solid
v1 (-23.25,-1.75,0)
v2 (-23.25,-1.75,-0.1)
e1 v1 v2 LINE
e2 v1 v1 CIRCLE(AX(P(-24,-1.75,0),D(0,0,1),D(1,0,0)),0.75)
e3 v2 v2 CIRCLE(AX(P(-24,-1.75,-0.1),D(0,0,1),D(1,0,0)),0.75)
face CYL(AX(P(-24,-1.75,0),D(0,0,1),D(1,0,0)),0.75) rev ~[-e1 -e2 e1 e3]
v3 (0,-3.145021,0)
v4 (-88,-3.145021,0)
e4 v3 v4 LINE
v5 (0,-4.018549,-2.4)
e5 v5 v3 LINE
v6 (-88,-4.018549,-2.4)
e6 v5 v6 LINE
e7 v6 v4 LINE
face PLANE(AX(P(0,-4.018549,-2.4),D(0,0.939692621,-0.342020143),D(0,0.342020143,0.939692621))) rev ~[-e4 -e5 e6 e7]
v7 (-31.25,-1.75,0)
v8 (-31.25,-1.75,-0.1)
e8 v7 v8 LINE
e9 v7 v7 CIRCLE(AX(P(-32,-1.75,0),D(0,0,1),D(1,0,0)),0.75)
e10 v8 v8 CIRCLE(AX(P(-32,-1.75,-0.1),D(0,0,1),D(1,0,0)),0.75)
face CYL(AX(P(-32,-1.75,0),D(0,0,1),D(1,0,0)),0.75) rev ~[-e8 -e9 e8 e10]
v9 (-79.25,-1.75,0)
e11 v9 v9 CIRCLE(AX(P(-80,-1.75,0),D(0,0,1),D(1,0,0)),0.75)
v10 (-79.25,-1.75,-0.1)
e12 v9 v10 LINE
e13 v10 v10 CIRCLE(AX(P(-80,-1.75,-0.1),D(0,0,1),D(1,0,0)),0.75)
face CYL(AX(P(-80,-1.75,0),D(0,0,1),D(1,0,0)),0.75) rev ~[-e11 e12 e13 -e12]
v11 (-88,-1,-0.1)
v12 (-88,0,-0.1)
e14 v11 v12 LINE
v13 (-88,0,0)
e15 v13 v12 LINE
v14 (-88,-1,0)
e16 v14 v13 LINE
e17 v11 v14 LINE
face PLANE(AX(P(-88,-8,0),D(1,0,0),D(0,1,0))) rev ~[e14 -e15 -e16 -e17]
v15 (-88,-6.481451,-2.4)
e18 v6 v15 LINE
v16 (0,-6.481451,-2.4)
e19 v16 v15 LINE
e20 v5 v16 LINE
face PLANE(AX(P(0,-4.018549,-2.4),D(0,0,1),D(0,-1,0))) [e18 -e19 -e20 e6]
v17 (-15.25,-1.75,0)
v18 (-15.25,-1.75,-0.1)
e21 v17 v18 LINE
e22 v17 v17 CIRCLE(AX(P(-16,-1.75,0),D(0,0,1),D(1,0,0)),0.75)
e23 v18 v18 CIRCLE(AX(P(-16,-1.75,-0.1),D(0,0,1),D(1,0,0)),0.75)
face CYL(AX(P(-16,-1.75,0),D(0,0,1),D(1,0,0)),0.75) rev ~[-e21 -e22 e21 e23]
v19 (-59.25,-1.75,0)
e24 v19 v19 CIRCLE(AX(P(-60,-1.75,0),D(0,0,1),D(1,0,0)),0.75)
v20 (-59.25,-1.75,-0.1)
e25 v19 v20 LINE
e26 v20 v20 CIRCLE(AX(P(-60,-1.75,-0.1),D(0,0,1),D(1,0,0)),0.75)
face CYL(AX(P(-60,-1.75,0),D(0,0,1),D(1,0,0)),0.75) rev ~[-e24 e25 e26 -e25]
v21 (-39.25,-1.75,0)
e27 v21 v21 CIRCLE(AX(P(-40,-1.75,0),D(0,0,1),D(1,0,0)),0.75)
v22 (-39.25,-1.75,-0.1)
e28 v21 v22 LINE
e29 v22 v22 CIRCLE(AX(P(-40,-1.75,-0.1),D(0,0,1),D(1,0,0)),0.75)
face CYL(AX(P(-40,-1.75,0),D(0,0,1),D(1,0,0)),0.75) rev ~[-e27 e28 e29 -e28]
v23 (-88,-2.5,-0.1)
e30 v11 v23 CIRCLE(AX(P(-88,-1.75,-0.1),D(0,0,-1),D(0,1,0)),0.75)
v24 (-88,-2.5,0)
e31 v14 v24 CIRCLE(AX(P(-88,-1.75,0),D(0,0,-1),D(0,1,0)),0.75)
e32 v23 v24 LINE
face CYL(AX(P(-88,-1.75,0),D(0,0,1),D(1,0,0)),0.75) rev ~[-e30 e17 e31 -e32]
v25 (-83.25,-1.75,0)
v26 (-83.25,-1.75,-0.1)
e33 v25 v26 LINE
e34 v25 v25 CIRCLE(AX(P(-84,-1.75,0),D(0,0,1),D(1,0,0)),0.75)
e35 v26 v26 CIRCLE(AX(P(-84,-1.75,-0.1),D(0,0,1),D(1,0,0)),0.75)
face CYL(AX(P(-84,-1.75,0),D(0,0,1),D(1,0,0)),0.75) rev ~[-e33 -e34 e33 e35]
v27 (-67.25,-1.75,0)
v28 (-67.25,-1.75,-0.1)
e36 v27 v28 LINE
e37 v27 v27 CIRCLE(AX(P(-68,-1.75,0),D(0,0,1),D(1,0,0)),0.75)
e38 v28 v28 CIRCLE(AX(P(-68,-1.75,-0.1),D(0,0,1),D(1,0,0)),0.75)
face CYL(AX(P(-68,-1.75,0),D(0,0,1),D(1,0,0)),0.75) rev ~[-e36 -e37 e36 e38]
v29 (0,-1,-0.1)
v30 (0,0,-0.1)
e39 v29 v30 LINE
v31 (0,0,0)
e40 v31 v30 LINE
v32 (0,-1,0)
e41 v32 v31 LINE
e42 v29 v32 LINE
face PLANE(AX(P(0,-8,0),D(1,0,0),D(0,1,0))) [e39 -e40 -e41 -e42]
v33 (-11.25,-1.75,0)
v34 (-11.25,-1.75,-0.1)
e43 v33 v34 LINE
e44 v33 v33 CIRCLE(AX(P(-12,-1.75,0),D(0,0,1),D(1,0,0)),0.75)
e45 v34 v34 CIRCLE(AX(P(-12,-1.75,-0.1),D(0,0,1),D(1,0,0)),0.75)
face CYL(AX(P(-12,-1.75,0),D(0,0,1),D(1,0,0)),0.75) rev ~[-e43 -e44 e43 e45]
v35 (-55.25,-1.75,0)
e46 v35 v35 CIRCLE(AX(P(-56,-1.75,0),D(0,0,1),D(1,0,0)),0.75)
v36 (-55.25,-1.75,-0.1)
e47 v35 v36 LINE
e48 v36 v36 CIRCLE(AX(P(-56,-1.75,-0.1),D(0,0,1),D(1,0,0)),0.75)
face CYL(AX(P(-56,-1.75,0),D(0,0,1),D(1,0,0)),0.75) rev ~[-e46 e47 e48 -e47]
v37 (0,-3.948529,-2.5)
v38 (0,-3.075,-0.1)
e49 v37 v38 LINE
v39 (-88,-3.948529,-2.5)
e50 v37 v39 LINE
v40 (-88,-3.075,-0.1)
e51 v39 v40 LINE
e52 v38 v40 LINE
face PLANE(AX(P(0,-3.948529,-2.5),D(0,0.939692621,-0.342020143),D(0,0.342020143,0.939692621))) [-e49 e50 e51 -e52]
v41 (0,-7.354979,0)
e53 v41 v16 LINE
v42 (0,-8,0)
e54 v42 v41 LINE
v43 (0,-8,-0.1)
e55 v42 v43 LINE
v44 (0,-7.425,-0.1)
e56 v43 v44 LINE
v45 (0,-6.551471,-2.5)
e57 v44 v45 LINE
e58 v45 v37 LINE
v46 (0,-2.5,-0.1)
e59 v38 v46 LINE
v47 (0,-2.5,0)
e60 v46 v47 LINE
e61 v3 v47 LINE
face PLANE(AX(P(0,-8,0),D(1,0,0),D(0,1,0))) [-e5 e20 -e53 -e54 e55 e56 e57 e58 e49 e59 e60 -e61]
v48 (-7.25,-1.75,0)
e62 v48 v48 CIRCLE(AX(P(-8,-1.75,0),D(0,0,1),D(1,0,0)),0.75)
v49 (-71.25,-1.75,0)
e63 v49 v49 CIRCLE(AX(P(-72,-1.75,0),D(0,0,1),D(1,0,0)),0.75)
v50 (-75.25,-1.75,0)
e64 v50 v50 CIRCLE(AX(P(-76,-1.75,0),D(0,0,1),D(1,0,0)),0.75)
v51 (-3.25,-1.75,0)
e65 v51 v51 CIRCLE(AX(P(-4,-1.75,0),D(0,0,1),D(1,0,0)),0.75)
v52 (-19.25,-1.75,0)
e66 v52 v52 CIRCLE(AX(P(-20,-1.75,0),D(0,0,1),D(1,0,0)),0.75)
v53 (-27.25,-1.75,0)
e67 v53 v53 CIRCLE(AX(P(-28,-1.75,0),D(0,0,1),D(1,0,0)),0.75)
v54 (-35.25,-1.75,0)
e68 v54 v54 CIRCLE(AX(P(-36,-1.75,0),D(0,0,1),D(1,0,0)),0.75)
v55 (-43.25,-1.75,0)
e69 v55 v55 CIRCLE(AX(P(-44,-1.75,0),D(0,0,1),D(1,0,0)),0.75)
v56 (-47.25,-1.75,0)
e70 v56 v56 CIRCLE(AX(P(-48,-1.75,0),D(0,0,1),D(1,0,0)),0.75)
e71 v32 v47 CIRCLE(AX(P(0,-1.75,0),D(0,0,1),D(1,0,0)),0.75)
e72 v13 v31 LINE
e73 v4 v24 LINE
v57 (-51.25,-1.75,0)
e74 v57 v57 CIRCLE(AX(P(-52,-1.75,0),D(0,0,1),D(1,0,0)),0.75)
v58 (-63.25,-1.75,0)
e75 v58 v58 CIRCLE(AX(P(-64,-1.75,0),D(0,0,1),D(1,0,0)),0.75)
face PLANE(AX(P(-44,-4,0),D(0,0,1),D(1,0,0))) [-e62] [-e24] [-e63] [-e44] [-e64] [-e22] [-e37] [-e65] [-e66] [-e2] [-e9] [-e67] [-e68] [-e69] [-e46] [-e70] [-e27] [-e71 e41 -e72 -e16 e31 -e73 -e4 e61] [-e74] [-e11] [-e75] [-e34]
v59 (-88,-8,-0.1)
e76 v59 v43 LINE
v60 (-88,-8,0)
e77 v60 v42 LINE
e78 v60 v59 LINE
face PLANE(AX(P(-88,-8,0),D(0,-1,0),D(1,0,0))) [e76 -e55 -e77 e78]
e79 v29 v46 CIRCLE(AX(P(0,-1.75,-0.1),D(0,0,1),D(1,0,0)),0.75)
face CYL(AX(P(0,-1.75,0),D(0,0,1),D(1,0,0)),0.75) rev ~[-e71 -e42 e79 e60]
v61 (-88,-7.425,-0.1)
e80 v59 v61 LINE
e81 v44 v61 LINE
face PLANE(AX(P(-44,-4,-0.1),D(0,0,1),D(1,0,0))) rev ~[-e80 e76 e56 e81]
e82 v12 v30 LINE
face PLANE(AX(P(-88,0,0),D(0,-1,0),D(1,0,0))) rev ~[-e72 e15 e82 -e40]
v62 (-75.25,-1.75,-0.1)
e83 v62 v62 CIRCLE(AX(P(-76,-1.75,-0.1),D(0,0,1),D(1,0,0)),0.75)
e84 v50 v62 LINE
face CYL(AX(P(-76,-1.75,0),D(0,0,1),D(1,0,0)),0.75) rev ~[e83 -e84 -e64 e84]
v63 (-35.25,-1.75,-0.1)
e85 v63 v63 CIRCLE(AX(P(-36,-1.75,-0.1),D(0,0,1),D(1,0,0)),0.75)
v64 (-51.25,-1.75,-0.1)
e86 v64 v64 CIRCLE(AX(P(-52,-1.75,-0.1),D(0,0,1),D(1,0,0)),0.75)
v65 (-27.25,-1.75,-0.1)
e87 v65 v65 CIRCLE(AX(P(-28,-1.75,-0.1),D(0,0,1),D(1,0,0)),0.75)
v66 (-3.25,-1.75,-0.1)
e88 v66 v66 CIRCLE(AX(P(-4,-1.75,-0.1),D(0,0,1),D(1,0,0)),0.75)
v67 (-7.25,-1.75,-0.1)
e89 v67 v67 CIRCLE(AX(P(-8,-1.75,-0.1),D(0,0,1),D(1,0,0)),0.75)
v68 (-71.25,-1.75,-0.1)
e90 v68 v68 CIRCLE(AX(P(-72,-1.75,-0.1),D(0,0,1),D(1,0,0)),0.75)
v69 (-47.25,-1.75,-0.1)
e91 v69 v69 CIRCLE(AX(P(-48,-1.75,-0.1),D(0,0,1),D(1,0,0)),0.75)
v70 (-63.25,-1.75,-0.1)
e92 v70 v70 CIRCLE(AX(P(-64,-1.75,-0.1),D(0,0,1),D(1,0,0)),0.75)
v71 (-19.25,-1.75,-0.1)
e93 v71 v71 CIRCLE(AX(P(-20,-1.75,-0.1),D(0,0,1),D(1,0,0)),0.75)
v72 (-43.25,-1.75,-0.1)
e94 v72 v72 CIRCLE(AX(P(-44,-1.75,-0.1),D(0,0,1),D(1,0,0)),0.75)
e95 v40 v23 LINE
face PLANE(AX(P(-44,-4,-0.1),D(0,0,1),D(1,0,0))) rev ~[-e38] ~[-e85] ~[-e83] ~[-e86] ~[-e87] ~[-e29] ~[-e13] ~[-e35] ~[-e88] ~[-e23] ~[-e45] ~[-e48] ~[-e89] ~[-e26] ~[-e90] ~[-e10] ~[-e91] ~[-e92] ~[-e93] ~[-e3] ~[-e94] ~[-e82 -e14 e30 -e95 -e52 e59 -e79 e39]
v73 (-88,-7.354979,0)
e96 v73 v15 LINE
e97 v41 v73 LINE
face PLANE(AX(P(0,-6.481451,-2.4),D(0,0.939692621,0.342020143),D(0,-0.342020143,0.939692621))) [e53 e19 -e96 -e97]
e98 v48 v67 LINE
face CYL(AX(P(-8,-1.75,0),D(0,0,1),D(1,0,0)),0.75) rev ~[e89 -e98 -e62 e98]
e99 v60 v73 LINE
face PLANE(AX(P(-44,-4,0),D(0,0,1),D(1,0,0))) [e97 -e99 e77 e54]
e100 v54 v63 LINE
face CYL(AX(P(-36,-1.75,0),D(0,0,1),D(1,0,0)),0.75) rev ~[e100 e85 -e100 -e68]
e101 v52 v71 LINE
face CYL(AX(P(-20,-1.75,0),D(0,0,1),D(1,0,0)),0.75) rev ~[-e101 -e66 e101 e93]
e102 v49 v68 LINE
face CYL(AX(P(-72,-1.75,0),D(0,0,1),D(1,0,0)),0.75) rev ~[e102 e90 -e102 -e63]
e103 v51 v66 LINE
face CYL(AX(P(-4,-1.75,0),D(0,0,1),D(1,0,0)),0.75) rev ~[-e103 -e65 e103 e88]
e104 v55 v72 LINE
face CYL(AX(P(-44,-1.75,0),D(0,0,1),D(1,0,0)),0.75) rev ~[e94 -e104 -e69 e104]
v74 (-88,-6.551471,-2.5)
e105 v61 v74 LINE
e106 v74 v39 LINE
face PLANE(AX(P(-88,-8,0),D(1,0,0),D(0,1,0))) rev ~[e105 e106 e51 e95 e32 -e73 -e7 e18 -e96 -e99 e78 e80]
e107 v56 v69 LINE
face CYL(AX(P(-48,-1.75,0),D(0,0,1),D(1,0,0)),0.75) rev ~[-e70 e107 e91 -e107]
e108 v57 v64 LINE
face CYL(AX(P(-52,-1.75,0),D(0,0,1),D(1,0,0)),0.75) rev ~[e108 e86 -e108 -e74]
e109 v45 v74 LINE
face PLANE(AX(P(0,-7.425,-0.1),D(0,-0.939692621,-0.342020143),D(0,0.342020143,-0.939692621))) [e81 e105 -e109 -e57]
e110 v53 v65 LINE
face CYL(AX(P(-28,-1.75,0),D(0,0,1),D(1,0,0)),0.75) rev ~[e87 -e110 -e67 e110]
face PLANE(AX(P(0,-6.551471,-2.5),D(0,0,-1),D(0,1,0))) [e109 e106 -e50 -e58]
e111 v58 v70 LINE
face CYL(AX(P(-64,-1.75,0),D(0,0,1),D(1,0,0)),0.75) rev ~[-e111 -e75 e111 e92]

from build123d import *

# Parameters (mm, degrees)
TOP_SKETCH_W             = 88
TOP_SKETCH_H             = 8
THICKNESS_EXTRUDE_DEPTH  = 0.1
PIN_HOLE_SKETCH_R        = 0.75
FIRST_PIN_HOLE_CUT_DEPTH = 89.362944722
PIN_HOLE_PATTERN_COUNT   = 23
PIN_HOLE_PATTERN_PITCH   = 4
POCKET_CUT_OUT_DEPTH     = 89.362944722
POCKET_DEPTH             = 88


with BuildPart() as part:
    # Top Sketch → Thickness Extrude (new body)
    with BuildSketch(Plane.XY):
        with Locations((-44, -4)):
            Rectangle(TOP_SKETCH_W, TOP_SKETCH_H)
    extrude(amount=-THICKNESS_EXTRUDE_DEPTH)

    # Pin Hole Sketch → First Pin Hole Cut (cut, through all)
    with BuildSketch(Plane.XY):
        with Locations((0, -1.75)):
            Circle(PIN_HOLE_SKETCH_R)
    first_pin_hole_cut = extrude(amount=-FIRST_PIN_HOLE_CUT_DEPTH, mode=Mode.SUBTRACT)

    # Pin Hole Pattern: First Pin Hole Cut ×23
    with Locations(*[(-i * PIN_HOLE_PATTERN_PITCH, 0, 0) for i in range(1, PIN_HOLE_PATTERN_COUNT)]):
        add(first_pin_hole_cut, mode=Mode.SUBTRACT)

    # Pocket Cut Out Sketch → Pocket Cut Out (cut, through all)
    with BuildSketch(Plane(origin=(0, 0, 0), x_dir=(0, 0, -1), z_dir=(1, 0, 0))):
        Polygon((0, -3.145020754), (0, -7.354979246), (2.4, -6.481450684), (2.4, -4.018549316), align=None)
    extrude(amount=-POCKET_CUT_OUT_DEPTH, mode=Mode.SUBTRACT)


with BuildPart() as pocket_cut_out_piece_1:
    # of the separate pieces the step leaves, piece 1, a body of its own (pocket_cut_out_pieces)
    add(part.part.solids().sort_by_distance((-88, 0, 0))[0])



with BuildPart() as pocket_cut_out_piece_2:
    # of the separate pieces the step leaves, piece 2, a body of its own (pocket_cut_out_pieces)
    add(part.part.solids().sort_by_distance((0, -7.354979246, 0))[0])


with BuildPart() as pocket_cut_out_piece_1_1:
    add(pocket_cut_out_piece_1.part)

    add(pocket_cut_out_piece_2.part)  # Pocket merges Pocket Cut Out piece 2
    # Pocket Sketch → Pocket (add, through all)
    with BuildSketch(Plane(origin=(0, 0, 0), x_dir=(0, 0, -1), z_dir=(1, 0, 0))):
        Polygon((0, -3.145020754), (2.4, -4.018549316), (2.4, -6.481450684), (0, -7.354979246), (0.1, -7.425), (2.5, -6.551471438), (2.5, -3.948528562), (0.1, -3.075), align=None)
    extrude(amount=-POCKET_DEPTH)


solid = pocket_cut_out_piece_1_1.part
